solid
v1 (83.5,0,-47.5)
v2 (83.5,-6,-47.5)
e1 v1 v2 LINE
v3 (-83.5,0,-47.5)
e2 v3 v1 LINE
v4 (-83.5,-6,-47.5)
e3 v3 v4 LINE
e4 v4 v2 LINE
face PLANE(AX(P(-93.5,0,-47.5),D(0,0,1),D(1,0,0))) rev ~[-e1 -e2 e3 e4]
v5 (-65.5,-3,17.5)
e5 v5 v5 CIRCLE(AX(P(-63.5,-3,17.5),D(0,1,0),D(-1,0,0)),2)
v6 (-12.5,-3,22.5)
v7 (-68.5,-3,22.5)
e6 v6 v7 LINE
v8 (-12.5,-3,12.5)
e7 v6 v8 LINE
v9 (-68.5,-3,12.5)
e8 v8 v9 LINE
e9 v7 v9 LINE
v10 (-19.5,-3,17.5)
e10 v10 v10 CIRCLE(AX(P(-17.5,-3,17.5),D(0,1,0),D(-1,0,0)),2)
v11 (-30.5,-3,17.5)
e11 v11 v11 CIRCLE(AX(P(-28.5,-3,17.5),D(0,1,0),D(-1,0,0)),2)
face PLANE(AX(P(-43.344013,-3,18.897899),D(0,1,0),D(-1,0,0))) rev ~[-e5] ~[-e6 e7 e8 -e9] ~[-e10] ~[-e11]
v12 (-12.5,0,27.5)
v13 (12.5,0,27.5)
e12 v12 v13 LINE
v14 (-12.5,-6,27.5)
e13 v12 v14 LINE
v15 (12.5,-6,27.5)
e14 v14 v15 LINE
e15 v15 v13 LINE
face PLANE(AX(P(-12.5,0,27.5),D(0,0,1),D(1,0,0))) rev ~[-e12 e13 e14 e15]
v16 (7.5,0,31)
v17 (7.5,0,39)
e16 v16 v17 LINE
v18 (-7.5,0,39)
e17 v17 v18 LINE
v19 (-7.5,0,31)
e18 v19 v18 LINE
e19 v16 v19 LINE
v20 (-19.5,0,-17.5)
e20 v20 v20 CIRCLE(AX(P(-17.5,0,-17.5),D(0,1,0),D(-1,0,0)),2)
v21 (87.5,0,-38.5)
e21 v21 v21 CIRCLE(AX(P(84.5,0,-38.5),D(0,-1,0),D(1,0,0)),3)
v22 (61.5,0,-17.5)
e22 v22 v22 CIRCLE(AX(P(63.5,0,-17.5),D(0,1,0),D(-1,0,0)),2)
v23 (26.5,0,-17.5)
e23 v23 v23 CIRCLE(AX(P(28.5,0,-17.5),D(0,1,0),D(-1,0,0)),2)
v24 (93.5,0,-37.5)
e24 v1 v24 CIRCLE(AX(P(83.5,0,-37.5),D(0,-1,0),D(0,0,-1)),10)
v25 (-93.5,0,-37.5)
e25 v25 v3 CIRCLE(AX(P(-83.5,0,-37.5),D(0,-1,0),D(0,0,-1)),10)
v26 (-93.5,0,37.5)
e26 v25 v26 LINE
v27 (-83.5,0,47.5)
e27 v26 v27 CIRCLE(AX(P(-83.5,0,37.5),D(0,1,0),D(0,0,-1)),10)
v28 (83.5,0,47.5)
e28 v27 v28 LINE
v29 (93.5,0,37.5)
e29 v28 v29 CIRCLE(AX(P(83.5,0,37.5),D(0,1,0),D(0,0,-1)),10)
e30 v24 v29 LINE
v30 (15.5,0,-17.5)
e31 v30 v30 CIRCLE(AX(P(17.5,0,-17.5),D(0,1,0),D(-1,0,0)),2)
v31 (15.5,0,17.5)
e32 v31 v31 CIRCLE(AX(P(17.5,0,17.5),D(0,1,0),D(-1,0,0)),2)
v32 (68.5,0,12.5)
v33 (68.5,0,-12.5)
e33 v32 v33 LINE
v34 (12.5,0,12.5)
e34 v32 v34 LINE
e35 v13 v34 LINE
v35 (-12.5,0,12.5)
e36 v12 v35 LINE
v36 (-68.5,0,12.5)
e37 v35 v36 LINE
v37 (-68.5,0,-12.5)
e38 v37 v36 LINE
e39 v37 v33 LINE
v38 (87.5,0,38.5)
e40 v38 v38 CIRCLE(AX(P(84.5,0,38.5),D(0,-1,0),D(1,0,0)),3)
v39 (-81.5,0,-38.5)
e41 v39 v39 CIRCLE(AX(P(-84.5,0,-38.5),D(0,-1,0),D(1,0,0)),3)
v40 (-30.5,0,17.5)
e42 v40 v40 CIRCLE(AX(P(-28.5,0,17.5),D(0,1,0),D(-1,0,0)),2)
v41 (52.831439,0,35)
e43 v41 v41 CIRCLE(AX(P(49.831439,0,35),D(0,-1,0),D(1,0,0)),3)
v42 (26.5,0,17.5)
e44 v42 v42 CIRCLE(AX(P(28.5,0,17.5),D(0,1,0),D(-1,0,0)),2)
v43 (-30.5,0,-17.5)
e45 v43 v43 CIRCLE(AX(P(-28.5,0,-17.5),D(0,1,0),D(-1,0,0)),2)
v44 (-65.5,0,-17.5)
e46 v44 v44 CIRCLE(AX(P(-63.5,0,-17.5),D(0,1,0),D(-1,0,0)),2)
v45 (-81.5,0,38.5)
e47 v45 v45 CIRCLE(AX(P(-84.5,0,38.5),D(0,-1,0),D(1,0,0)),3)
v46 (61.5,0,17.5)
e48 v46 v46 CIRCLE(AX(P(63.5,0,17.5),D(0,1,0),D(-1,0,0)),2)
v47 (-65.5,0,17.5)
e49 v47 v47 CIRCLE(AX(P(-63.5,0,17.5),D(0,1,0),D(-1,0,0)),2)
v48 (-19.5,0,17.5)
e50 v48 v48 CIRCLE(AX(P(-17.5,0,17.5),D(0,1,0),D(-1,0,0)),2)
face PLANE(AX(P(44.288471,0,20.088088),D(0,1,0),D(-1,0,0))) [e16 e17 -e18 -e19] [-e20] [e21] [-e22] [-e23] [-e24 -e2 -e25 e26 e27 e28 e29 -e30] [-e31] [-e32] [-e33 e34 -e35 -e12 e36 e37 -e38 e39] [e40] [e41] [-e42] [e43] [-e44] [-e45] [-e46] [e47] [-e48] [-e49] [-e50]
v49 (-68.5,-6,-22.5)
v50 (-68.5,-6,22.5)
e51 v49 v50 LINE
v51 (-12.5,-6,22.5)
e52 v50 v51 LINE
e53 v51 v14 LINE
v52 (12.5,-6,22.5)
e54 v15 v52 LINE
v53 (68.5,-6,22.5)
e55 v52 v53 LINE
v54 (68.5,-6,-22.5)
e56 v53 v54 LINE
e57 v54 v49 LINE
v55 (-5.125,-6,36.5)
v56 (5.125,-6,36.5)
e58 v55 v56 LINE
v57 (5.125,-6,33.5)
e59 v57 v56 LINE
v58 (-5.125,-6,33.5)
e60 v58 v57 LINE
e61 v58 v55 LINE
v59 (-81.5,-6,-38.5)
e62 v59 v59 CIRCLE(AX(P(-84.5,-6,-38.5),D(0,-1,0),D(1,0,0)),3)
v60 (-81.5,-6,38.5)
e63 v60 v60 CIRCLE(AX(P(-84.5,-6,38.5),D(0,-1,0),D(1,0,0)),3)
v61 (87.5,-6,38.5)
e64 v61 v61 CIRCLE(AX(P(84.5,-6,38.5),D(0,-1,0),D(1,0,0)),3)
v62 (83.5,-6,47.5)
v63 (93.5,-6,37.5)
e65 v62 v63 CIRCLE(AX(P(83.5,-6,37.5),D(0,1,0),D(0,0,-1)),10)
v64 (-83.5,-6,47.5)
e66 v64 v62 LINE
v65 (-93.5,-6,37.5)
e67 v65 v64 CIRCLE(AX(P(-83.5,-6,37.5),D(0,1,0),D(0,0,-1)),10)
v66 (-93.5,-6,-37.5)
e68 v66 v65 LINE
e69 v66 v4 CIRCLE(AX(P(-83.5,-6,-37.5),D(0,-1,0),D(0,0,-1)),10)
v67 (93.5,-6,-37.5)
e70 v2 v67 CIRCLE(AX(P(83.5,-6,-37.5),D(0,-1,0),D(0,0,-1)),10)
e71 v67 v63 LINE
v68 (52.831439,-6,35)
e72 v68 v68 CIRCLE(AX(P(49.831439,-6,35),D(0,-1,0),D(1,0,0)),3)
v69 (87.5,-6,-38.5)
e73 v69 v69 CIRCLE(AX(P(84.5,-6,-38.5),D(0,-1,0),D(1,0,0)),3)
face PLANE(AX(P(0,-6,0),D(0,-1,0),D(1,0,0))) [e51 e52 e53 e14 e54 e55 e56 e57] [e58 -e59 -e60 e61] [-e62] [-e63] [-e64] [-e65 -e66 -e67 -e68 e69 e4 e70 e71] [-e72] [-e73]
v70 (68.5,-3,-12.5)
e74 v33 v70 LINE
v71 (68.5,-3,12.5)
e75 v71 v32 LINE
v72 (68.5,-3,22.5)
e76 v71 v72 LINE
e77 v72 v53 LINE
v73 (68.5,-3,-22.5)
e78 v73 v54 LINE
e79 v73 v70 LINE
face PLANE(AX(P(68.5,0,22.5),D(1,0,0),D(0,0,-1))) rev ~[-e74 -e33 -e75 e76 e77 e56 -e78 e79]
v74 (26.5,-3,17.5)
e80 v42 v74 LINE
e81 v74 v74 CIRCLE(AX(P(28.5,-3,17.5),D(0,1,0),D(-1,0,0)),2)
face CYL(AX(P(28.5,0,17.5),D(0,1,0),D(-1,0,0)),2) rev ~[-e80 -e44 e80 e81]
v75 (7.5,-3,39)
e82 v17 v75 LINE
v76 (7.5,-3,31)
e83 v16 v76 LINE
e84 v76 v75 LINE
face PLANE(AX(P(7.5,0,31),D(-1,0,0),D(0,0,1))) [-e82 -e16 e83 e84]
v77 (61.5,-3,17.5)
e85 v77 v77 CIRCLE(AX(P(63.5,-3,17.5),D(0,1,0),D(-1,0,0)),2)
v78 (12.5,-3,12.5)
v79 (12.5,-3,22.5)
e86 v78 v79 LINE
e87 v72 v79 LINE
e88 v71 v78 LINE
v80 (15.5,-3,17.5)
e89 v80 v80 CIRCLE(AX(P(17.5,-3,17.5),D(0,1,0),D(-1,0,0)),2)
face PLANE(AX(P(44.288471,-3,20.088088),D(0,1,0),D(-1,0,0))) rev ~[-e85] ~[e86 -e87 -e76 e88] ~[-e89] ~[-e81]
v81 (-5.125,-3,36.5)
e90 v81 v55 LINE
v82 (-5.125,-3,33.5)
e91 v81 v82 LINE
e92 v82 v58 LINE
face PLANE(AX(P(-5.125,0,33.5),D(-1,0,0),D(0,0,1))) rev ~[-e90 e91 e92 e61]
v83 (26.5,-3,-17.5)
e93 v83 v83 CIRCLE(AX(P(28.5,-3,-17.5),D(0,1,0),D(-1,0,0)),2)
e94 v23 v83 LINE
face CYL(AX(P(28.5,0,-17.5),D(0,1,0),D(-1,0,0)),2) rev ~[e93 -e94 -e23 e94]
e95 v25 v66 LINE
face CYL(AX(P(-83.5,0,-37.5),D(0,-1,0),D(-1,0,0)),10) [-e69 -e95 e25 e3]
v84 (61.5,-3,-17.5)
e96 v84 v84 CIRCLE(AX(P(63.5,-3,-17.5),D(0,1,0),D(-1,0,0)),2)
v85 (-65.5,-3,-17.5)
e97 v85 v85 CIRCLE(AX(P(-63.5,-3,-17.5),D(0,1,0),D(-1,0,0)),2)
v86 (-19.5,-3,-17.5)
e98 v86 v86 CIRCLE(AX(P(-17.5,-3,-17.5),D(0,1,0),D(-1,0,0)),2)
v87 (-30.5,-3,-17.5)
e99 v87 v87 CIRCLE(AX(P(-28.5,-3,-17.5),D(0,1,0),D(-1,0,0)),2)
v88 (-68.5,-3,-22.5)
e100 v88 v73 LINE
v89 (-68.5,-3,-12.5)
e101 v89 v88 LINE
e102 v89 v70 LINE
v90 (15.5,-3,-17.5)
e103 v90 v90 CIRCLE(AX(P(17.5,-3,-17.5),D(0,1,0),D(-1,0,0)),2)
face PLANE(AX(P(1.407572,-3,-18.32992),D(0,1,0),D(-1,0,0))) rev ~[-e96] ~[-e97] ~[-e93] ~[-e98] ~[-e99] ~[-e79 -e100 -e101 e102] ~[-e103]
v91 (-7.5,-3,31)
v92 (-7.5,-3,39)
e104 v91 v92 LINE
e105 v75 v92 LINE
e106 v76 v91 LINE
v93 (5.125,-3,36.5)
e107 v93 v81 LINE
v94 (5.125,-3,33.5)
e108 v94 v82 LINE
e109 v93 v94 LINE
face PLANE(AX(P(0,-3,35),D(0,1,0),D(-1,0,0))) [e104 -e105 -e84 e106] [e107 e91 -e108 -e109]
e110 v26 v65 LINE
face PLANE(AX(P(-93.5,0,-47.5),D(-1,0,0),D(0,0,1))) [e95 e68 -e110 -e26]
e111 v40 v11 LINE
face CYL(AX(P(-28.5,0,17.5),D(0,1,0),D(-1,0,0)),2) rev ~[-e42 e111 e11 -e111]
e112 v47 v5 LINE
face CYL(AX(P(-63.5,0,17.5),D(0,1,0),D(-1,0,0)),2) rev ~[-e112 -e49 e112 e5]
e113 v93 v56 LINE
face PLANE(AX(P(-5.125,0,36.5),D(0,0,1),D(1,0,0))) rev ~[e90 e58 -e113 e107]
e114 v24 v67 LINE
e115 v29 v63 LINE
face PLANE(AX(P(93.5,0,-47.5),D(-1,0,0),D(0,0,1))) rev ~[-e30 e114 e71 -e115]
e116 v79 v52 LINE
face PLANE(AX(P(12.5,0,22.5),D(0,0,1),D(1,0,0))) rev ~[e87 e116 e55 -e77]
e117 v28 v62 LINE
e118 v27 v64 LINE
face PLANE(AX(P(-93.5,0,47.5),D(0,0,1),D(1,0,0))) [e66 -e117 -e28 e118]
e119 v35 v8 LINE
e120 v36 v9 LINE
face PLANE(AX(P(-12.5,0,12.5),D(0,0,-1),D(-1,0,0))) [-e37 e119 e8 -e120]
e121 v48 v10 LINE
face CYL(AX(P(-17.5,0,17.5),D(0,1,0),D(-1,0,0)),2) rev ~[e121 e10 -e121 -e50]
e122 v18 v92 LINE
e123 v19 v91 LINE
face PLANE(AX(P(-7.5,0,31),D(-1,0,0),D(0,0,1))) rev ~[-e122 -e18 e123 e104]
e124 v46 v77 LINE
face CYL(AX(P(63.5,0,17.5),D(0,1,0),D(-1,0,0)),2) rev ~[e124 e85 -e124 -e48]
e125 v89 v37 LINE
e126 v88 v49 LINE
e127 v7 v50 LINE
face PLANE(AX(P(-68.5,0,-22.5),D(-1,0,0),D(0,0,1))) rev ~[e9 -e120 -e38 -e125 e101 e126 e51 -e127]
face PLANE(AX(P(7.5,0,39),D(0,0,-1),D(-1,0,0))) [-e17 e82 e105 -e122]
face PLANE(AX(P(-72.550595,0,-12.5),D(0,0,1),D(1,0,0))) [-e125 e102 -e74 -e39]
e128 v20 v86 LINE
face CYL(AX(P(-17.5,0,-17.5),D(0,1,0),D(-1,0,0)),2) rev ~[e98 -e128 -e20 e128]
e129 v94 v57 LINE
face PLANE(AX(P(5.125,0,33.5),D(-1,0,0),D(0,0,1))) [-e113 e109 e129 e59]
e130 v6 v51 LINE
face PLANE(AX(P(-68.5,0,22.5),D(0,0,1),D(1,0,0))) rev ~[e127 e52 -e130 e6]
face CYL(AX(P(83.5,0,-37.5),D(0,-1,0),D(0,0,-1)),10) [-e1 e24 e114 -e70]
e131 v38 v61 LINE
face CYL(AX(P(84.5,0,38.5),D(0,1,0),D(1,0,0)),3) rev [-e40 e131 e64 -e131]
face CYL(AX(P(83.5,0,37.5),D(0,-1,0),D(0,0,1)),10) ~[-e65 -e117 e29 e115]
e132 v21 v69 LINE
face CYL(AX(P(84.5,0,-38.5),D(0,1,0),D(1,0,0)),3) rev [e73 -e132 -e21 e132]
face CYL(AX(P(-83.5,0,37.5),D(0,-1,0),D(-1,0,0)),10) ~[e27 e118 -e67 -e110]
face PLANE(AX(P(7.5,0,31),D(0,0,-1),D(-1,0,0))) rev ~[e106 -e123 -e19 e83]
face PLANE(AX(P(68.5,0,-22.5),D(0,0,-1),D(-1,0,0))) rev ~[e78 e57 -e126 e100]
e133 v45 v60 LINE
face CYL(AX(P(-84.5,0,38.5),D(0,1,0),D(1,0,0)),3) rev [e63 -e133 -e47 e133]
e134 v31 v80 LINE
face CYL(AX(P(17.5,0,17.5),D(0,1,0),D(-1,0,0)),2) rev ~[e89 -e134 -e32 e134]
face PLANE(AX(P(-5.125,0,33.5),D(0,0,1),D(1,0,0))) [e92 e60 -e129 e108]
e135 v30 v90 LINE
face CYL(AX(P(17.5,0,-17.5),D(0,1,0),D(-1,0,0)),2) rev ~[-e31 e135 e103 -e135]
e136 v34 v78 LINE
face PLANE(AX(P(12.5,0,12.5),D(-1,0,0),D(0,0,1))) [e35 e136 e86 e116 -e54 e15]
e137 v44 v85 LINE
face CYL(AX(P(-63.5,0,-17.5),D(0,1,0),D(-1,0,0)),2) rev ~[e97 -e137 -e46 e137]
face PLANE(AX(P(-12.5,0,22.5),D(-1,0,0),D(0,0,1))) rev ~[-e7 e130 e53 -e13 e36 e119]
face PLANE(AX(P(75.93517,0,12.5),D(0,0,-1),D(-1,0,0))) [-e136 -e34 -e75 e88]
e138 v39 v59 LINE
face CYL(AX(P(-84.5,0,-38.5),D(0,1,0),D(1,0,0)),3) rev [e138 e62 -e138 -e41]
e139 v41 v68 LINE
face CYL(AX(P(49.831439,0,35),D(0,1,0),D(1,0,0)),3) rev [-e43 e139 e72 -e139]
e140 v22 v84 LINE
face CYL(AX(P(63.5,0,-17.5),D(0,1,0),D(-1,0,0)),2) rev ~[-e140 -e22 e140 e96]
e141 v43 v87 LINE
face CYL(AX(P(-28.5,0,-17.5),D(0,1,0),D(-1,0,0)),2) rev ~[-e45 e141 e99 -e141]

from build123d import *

# Parameters (mm, degrees)
F0_W     = 187
F0_H     = 95
F0_R     = 3
F0_W_2   = 10.25
F0_H_2   = 3
F1_DEPTH = 6
F2_R     = 10
F3_W     = 15
F3_H     = 8
F4_DEPTH = 3
F5_R     = 2
F6_DEPTH = 3


with BuildPart() as f1:
    # F0 (on Front) → F1 (new body)
    with BuildSketch(Plane.XZ):
        Rectangle(F0_W, F0_H)
        with Locations((-84.5, -38.5)):
            Circle(F0_R, mode=Mode.SUBTRACT)
        with Locations((84.5, -38.5)):
            Circle(F0_R, mode=Mode.SUBTRACT)
        Polygon((12.5, 22.5), (68.5, 22.5), (68.5, -22.5), (-68.5, -22.5), (-68.5, 22.5), (-12.5, 22.5), (-12.5, 27.5), (12.5, 27.5), align=None, mode=Mode.SUBTRACT)
        with Locations((-84.5, 38.5)):
            Circle(F0_R, mode=Mode.SUBTRACT)
        with Locations((0, 35)):
            Rectangle(F0_W_2, F0_H_2, mode=Mode.SUBTRACT)
        with Locations((49.831439, 35)):
            Circle(F0_R, mode=Mode.SUBTRACT)
        with Locations((84.5, 38.5)):
            Circle(F0_R, mode=Mode.SUBTRACT)
    extrude(amount=F1_DEPTH)

    # F2
    f2_edges = [f1.edges().sort_by_distance(p)[0] for p in [
        (93.5, -3, -47.5),
        (-93.5, -3, -47.5),
        (-93.5, -3, 47.5),
        (93.5, -3, 47.5),
    ]]
    fillet(f2_edges, radius=F2_R)

    # F3 (on face) → F4 (cut)
    with BuildSketch(Plane(origin=(0, 0, 0), x_dir=(-1, 0, 0), z_dir=(0, 1, 0))):
        with Locations((0, 35)):
            Rectangle(F3_W, F3_H)
    extrude(amount=-F4_DEPTH, mode=Mode.SUBTRACT)

    # F5 (on face) → F6 (join)
    with BuildSketch(Plane(origin=(0, 0, 0), x_dir=(-1, 0, 0), z_dir=(0, 1, 0))):
        Polygon((-12.5, 12.5), (-12.5, 22.5), (-12.5, 27.5), (-75.93517, 27.851377), (-75.93517, 12.5), (-68.5, 12.5), align=None)
        with Locations((-63.5, 17.5)):
            Circle(F5_R, mode=Mode.SUBTRACT)
        with Locations((-28.5, 17.5)):
            Circle(F5_R, mode=Mode.SUBTRACT)
        with Locations((-17.5, 17.5)):
            Circle(F5_R, mode=Mode.SUBTRACT)
        Polygon((71.986005, 27.851377), (12.5, 22.5), (12.5, 12.5), (71.986005, 12.5), align=None)
        with Locations((17.5, 17.5)):
            Circle(F5_R, mode=Mode.SUBTRACT)
        with Locations((28.5, 17.5)):
            Circle(F5_R, mode=Mode.SUBTRACT)
        with Locations((63.5, 17.5)):
            Circle(F5_R, mode=Mode.SUBTRACT)
        Polygon((72.550595, -12.5), (-68.5, -12.5), (-73.253393, -11.935415), (-76.499753, -24.073985), (72.550595, -24.073985), align=None)
        with Locations((-63.5, -17.5)):
            Circle(F5_R, mode=Mode.SUBTRACT)
        with Locations((-28.5, -17.5)):
            Circle(F5_R, mode=Mode.SUBTRACT)
        with Locations((-17.5, -17.5)):
            Circle(F5_R, mode=Mode.SUBTRACT)
        with Locations((17.5, -17.5)):
            Circle(F5_R, mode=Mode.SUBTRACT)
        with Locations((28.5, -17.5)):
            Circle(F5_R, mode=Mode.SUBTRACT)
        with Locations((63.5, -17.5)):
            Circle(F5_R, mode=Mode.SUBTRACT)
    extrude(amount=-F6_DEPTH)


solid = f1.part
